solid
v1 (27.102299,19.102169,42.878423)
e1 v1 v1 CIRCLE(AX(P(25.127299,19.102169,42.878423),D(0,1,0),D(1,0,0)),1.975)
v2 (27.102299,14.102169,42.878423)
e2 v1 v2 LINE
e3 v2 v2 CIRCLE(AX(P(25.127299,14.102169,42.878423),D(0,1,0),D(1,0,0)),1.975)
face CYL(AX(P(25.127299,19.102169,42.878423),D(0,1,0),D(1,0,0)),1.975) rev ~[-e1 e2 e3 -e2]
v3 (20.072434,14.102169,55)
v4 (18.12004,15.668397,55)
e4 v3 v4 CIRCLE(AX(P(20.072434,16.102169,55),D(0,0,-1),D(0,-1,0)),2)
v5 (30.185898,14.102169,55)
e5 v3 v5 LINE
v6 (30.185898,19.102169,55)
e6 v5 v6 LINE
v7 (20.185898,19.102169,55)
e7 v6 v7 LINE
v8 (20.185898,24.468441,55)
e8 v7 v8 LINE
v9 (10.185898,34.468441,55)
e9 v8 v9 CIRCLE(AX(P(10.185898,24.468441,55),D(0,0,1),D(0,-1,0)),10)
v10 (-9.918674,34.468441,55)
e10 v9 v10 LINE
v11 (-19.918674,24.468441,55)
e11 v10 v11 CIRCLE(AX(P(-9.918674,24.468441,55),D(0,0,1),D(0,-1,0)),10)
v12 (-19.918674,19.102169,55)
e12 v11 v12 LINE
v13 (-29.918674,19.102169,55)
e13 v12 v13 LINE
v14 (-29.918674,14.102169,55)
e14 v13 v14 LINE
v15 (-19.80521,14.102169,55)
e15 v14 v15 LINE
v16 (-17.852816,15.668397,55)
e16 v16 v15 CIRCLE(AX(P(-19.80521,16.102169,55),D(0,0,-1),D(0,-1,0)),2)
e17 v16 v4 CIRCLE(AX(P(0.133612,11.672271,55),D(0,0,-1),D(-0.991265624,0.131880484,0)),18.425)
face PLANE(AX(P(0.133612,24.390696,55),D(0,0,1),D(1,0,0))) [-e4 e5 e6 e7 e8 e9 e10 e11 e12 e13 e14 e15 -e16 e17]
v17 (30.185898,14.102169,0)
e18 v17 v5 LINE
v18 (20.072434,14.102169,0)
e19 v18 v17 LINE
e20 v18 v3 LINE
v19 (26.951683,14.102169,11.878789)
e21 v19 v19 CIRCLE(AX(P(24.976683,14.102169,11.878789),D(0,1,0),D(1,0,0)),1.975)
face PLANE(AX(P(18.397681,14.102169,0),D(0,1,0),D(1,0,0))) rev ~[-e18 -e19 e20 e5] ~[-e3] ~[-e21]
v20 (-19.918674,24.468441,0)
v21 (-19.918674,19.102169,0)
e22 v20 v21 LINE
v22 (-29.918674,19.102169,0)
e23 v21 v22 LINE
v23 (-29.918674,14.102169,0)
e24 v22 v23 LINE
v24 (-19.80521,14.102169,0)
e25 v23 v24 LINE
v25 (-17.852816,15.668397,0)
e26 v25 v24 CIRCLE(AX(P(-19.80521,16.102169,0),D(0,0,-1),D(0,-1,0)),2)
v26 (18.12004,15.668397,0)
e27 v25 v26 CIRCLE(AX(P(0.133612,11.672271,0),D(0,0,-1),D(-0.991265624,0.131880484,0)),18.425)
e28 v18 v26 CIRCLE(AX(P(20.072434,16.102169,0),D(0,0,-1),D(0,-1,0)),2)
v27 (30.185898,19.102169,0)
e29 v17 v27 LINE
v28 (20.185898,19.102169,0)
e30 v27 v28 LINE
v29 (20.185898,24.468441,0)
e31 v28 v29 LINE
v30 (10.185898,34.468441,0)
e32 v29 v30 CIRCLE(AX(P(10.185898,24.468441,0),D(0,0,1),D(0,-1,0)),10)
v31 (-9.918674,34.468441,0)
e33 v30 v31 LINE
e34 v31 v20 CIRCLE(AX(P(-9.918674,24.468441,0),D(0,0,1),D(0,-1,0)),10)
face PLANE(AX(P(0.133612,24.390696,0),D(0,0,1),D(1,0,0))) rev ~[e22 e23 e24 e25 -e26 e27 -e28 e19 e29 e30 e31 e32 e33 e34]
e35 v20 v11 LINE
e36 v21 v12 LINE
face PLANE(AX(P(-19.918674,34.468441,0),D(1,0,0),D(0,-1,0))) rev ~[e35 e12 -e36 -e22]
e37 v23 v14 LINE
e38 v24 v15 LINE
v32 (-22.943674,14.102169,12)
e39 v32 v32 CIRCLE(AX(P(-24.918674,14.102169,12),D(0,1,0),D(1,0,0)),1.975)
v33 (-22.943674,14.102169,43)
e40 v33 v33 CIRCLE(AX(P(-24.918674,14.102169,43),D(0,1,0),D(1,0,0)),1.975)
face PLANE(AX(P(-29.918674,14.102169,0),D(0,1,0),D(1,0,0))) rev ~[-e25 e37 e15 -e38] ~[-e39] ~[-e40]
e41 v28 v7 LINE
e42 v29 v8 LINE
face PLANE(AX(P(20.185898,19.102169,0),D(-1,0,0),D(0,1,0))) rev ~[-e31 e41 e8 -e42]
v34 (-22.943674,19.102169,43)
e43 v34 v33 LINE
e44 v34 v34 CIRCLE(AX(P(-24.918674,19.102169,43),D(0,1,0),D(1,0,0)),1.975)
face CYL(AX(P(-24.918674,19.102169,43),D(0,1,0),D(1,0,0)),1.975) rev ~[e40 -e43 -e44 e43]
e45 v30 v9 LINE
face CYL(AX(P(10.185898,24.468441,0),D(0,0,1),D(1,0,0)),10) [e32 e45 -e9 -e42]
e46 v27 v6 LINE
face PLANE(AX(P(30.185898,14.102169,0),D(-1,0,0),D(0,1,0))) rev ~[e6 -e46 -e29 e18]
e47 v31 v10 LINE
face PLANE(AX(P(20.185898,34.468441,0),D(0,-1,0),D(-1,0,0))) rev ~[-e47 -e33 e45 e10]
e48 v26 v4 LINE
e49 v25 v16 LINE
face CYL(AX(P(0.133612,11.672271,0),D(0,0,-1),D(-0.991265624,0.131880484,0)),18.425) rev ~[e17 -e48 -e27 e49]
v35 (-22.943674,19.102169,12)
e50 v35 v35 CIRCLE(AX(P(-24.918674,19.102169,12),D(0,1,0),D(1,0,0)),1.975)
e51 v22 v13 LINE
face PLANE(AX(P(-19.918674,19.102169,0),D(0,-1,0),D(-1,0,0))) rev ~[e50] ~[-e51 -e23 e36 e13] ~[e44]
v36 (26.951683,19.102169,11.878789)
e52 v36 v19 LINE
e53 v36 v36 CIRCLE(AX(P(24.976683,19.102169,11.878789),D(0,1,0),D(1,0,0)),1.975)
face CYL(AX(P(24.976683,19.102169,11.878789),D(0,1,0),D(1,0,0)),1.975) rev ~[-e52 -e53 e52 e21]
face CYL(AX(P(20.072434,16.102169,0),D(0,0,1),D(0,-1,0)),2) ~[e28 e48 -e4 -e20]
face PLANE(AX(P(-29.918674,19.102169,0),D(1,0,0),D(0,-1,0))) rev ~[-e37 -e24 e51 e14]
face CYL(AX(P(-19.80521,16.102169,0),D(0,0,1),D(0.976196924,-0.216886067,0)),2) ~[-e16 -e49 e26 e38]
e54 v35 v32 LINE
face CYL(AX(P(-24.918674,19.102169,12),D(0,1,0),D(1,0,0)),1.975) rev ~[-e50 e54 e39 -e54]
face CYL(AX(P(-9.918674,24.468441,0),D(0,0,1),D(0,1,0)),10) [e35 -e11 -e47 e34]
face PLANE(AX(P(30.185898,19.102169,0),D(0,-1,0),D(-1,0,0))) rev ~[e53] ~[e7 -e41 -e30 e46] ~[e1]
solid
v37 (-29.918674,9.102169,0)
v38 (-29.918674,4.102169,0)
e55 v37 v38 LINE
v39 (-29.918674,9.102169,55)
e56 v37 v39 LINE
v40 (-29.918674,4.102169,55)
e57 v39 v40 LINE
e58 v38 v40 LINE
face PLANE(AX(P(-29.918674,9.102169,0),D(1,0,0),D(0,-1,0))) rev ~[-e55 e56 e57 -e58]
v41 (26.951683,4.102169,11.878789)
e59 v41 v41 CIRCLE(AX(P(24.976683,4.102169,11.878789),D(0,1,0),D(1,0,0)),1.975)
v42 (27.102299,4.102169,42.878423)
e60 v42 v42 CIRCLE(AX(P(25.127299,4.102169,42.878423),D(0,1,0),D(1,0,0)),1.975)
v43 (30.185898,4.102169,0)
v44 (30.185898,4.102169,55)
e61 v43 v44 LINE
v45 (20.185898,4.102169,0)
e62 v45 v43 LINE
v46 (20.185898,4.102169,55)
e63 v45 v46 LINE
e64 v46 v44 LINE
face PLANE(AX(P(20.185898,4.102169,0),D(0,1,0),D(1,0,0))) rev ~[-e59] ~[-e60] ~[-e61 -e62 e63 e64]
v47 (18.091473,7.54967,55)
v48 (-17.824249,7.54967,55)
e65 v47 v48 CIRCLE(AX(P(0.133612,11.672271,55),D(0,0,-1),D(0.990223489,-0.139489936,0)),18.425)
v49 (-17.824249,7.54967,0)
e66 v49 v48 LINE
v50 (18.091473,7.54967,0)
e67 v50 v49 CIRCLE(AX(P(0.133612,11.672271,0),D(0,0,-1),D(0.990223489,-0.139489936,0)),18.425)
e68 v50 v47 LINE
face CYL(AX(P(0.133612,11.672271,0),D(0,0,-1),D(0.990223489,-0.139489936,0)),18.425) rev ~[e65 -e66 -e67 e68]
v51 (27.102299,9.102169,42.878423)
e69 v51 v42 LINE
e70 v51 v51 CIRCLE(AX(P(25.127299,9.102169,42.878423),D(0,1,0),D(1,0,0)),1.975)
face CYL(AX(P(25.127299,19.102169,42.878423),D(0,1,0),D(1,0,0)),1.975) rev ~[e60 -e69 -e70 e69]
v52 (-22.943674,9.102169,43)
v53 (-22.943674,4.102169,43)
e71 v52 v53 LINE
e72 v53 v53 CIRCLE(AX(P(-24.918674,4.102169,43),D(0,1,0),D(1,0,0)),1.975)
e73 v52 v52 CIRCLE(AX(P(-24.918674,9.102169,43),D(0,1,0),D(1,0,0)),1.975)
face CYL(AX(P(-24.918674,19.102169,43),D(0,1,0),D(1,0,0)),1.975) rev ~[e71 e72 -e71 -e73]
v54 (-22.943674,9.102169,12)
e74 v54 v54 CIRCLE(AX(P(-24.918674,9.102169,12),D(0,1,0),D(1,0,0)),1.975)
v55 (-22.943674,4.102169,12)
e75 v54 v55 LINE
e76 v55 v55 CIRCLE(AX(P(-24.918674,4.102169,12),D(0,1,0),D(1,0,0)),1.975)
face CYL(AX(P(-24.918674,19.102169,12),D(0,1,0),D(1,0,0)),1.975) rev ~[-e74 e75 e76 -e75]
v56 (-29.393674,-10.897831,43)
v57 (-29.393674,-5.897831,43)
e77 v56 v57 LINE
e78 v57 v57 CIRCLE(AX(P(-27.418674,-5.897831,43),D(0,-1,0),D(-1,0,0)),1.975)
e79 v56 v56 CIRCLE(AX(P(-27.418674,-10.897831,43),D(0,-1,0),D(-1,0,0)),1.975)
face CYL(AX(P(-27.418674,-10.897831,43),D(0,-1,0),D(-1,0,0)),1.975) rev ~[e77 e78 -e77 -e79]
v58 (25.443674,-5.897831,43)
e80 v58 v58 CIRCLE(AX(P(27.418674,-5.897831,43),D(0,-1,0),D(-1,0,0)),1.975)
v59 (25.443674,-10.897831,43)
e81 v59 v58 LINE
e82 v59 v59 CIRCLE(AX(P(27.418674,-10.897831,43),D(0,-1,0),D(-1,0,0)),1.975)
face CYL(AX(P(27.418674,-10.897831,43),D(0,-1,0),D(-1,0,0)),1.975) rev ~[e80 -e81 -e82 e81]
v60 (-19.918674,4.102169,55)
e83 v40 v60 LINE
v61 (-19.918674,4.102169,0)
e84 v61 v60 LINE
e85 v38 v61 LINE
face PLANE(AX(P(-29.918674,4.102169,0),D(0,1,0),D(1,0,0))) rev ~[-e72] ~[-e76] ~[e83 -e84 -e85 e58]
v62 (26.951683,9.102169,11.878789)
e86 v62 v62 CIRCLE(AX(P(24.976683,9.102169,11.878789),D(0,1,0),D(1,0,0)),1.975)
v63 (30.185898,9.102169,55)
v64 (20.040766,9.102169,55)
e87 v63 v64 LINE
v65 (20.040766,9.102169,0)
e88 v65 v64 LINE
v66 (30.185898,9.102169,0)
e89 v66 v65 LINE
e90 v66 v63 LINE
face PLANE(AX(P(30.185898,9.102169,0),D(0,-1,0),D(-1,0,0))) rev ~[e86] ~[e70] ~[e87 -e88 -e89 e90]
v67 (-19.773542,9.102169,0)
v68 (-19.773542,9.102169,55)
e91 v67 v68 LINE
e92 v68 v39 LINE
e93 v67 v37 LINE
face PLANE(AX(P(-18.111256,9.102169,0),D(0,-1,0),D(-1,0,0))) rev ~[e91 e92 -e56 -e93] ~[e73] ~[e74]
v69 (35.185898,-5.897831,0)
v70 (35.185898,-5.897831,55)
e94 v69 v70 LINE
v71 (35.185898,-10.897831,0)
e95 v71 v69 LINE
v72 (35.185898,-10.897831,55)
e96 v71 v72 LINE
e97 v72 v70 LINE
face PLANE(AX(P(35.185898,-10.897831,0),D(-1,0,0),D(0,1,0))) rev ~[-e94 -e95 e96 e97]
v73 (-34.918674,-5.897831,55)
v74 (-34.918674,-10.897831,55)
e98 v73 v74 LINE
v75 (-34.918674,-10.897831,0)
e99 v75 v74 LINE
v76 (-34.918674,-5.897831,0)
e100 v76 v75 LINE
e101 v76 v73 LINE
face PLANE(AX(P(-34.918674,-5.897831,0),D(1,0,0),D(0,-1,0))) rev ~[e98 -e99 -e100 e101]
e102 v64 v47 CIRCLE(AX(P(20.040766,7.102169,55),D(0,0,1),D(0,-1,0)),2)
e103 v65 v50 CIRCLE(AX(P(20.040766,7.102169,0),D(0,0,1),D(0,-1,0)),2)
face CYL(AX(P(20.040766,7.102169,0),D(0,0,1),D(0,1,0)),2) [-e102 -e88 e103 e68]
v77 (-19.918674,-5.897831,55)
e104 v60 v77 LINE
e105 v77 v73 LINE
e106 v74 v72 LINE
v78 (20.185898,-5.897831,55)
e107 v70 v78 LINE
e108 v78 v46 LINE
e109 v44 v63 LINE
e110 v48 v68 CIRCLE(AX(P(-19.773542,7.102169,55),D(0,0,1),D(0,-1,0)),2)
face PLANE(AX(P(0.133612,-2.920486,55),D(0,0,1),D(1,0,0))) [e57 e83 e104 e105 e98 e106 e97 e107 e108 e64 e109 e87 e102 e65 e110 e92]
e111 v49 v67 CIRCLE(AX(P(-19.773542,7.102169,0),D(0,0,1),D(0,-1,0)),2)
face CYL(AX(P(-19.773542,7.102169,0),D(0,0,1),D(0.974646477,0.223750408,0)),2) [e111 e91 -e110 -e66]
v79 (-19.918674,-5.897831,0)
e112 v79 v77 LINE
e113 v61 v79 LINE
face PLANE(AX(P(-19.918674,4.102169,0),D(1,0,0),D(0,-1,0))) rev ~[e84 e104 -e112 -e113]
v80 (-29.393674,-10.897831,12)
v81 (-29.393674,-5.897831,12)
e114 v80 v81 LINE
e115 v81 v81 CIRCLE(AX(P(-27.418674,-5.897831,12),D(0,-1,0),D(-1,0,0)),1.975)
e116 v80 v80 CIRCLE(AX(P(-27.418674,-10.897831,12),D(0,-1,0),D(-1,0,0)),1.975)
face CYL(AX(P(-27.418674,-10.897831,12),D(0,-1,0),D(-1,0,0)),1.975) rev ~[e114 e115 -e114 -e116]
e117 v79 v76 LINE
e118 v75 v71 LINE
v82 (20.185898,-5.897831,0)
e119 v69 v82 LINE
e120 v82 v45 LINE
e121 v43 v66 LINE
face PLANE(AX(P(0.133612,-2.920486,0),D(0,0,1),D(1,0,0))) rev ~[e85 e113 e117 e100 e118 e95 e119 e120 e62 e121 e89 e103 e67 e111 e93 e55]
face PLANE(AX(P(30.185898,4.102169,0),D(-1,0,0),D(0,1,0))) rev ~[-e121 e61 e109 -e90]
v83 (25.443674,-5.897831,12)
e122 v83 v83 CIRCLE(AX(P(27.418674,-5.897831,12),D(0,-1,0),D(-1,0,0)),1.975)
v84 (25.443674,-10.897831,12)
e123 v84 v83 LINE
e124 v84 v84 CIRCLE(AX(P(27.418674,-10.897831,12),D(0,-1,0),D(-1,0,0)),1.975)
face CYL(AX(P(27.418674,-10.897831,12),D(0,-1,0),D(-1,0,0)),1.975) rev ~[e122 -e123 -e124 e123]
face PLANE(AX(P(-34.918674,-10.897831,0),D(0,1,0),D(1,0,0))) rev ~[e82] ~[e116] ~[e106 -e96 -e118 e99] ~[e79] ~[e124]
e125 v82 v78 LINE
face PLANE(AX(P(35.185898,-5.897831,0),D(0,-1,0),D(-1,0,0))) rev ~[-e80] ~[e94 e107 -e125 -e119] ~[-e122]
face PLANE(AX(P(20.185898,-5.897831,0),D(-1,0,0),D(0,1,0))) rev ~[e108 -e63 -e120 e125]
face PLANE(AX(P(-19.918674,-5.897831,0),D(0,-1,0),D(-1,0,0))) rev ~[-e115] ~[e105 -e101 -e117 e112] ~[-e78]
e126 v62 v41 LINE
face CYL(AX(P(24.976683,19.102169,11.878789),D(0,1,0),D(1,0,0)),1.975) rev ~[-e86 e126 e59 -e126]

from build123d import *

# Parameters (mm, degrees)
BOSS_EXTRUDE1_DEPTH   = 55
BOSS_EXTRUDE1_2_DEPTH = 55
FILLET1_R             = 10
FILLET2_R             = 2
FILLET3_R             = 2
SKETCH3_R             = 1.975
CUT_EXTRUDE1_DEPTH    = 15
SKETCH5_R             = 1.975
CUT_EXTRUDE2_DEPTH    = 5


with BuildPart() as part:
    # Sketch1 → Boss-Extrude1 (new body)
    with BuildSketch(Plane.XY):
        with BuildLine():
            Line((-34.918673845, -5.897830648), (-34.918673845, -10.897830648))
            Line((-34.918673845, -10.897830648), (35.185897583, -10.897830648))
            Line((35.185897583, -10.897830648), (35.185897583, -5.897830648))
            Line((35.185897583, -5.897830648), (20.185897583, -5.897830648))
            Line((20.185897583, -5.897830648), (20.185897583, 4.102169352))
            Line((20.185897583, 4.102169352), (30.185897583, 4.102169352))
            Line((30.185897583, 4.102169352), (30.185897583, 9.102169352))
            Line((30.185897583, 9.102169352), (18.378479649, 9.102169352))
            ThreePointArc((18.378479649, 9.102169352), (0.133611869, -6.752728571), (-18.111255911, 9.102169352))
            Line((-18.111255911, 9.102169352), (-29.918673845, 9.102169352))
            Line((-29.918673845, 9.102169352), (-29.918673845, 4.102169352))
            Line((-29.918673845, 4.102169352), (-19.918673845, 4.102169352))
            Line((-19.918673845, 4.102169352), (-19.918673845, -5.897830648))
            Line((-19.918673845, -5.897830648), (-34.918673845, -5.897830648))
        make_face()
    extrude(amount=BOSS_EXTRUDE1_DEPTH)

    # Fillet2
    fillet2_edges = [part.edges().sort_by_distance(p)[0] for p in [
        (18.378479649, 9.102169352, 27.5),
        (-18.111255911, 9.102169352, 27.5),
    ]]
    fillet(fillet2_edges, radius=FILLET2_R)


with BuildPart() as body_2:
    # Sketch1 → Boss-Extrude1 2 (new body)
    with BuildSketch(Plane.XY):
        with BuildLine():
            Line((-29.918673845, 14.102169352), (-18.130457258, 14.102169352))
            ThreePointArc((-18.130457258, 14.102169352), (0.133611869, 30.097271429), (18.397680996, 14.102169352))
            Line((18.397680996, 14.102169352), (30.185897583, 14.102169352))
            Line((30.185897583, 14.102169352), (30.185897583, 19.102169352))
            Line((30.185897583, 19.102169352), (20.185897583, 19.102169352))
            Line((20.185897583, 19.102169352), (20.185897583, 34.468440781))
            Line((20.185897583, 34.468440781), (-19.918673845, 34.468440781))
            Line((-19.918673845, 34.468440781), (-19.918673845, 19.102169352))
            Line((-19.918673845, 19.102169352), (-29.918673845, 19.102169352))
            Line((-29.918673845, 19.102169352), (-29.918673845, 14.102169352))
        make_face()
    extrude(amount=BOSS_EXTRUDE1_2_DEPTH)

    # Fillet1
    fillet1_edges = [body_2.edges().sort_by_distance(p)[0] for p in [
        (-19.918673845, 34.468440781, 27.5),
        (20.185897583, 34.468440781, 27.5),
    ]]
    fillet(fillet1_edges, radius=FILLET1_R)

    # Fillet3
    fillet3_edges = [body_2.edges().sort_by_distance(p)[0] for p in [
        (-18.130457258, 14.102169352, 27.5),
        (18.397680996, 14.102169352, 27.5),
    ]]
    fillet(fillet3_edges, radius=FILLET3_R)


with BuildPart() as cut_extrude1_tool:
    # Sketch3 → Cut-Extrude1 (new body)
    with BuildSketch(Plane(origin=(0, 19.102169352, 0), x_dir=(1, 0, 0), z_dir=(0, 1, 0))):
        with Locations((-24.918673845, -12)):
            Circle(SKETCH3_R)
        with Locations((-24.918673845, -43)):
            Circle(SKETCH3_R)
        with Locations((25.127298875, -42.878422983)):
            Circle(SKETCH3_R)
        with Locations((24.976682747, -11.878788875)):
            Circle(SKETCH3_R)
    extrude(amount=-CUT_EXTRUDE1_DEPTH)


with BuildPart() as part_1:
    add(part.part)

    # Cut-Extrude1: cut by cut_extrude1_tool
    add(cut_extrude1_tool.part, mode=Mode.SUBTRACT)

    # Sketch5 → Cut-Extrude2 (cut)
    with BuildSketch(Plane(origin=(0, -10.897830648, 0), x_dir=(-1, 0, 0), z_dir=(0, -1, 0))):
        with Locations((27.418673845, -43)):
            Circle(SKETCH5_R)
        with Locations((27.418673845, -12)):
            Circle(SKETCH5_R)
        with Locations((-27.418673845, -12)):
            Circle(SKETCH5_R)
        with Locations((-27.418673845, -43)):
            Circle(SKETCH5_R)
    extrude(amount=-CUT_EXTRUDE2_DEPTH, mode=Mode.SUBTRACT)


with BuildPart() as body_2_1:
    add(body_2.part)

    # Cut-Extrude1: cut by cut_extrude1_tool
    add(cut_extrude1_tool.part, mode=Mode.SUBTRACT)


solid = Compound([part_1.part, body_2_1.part])
